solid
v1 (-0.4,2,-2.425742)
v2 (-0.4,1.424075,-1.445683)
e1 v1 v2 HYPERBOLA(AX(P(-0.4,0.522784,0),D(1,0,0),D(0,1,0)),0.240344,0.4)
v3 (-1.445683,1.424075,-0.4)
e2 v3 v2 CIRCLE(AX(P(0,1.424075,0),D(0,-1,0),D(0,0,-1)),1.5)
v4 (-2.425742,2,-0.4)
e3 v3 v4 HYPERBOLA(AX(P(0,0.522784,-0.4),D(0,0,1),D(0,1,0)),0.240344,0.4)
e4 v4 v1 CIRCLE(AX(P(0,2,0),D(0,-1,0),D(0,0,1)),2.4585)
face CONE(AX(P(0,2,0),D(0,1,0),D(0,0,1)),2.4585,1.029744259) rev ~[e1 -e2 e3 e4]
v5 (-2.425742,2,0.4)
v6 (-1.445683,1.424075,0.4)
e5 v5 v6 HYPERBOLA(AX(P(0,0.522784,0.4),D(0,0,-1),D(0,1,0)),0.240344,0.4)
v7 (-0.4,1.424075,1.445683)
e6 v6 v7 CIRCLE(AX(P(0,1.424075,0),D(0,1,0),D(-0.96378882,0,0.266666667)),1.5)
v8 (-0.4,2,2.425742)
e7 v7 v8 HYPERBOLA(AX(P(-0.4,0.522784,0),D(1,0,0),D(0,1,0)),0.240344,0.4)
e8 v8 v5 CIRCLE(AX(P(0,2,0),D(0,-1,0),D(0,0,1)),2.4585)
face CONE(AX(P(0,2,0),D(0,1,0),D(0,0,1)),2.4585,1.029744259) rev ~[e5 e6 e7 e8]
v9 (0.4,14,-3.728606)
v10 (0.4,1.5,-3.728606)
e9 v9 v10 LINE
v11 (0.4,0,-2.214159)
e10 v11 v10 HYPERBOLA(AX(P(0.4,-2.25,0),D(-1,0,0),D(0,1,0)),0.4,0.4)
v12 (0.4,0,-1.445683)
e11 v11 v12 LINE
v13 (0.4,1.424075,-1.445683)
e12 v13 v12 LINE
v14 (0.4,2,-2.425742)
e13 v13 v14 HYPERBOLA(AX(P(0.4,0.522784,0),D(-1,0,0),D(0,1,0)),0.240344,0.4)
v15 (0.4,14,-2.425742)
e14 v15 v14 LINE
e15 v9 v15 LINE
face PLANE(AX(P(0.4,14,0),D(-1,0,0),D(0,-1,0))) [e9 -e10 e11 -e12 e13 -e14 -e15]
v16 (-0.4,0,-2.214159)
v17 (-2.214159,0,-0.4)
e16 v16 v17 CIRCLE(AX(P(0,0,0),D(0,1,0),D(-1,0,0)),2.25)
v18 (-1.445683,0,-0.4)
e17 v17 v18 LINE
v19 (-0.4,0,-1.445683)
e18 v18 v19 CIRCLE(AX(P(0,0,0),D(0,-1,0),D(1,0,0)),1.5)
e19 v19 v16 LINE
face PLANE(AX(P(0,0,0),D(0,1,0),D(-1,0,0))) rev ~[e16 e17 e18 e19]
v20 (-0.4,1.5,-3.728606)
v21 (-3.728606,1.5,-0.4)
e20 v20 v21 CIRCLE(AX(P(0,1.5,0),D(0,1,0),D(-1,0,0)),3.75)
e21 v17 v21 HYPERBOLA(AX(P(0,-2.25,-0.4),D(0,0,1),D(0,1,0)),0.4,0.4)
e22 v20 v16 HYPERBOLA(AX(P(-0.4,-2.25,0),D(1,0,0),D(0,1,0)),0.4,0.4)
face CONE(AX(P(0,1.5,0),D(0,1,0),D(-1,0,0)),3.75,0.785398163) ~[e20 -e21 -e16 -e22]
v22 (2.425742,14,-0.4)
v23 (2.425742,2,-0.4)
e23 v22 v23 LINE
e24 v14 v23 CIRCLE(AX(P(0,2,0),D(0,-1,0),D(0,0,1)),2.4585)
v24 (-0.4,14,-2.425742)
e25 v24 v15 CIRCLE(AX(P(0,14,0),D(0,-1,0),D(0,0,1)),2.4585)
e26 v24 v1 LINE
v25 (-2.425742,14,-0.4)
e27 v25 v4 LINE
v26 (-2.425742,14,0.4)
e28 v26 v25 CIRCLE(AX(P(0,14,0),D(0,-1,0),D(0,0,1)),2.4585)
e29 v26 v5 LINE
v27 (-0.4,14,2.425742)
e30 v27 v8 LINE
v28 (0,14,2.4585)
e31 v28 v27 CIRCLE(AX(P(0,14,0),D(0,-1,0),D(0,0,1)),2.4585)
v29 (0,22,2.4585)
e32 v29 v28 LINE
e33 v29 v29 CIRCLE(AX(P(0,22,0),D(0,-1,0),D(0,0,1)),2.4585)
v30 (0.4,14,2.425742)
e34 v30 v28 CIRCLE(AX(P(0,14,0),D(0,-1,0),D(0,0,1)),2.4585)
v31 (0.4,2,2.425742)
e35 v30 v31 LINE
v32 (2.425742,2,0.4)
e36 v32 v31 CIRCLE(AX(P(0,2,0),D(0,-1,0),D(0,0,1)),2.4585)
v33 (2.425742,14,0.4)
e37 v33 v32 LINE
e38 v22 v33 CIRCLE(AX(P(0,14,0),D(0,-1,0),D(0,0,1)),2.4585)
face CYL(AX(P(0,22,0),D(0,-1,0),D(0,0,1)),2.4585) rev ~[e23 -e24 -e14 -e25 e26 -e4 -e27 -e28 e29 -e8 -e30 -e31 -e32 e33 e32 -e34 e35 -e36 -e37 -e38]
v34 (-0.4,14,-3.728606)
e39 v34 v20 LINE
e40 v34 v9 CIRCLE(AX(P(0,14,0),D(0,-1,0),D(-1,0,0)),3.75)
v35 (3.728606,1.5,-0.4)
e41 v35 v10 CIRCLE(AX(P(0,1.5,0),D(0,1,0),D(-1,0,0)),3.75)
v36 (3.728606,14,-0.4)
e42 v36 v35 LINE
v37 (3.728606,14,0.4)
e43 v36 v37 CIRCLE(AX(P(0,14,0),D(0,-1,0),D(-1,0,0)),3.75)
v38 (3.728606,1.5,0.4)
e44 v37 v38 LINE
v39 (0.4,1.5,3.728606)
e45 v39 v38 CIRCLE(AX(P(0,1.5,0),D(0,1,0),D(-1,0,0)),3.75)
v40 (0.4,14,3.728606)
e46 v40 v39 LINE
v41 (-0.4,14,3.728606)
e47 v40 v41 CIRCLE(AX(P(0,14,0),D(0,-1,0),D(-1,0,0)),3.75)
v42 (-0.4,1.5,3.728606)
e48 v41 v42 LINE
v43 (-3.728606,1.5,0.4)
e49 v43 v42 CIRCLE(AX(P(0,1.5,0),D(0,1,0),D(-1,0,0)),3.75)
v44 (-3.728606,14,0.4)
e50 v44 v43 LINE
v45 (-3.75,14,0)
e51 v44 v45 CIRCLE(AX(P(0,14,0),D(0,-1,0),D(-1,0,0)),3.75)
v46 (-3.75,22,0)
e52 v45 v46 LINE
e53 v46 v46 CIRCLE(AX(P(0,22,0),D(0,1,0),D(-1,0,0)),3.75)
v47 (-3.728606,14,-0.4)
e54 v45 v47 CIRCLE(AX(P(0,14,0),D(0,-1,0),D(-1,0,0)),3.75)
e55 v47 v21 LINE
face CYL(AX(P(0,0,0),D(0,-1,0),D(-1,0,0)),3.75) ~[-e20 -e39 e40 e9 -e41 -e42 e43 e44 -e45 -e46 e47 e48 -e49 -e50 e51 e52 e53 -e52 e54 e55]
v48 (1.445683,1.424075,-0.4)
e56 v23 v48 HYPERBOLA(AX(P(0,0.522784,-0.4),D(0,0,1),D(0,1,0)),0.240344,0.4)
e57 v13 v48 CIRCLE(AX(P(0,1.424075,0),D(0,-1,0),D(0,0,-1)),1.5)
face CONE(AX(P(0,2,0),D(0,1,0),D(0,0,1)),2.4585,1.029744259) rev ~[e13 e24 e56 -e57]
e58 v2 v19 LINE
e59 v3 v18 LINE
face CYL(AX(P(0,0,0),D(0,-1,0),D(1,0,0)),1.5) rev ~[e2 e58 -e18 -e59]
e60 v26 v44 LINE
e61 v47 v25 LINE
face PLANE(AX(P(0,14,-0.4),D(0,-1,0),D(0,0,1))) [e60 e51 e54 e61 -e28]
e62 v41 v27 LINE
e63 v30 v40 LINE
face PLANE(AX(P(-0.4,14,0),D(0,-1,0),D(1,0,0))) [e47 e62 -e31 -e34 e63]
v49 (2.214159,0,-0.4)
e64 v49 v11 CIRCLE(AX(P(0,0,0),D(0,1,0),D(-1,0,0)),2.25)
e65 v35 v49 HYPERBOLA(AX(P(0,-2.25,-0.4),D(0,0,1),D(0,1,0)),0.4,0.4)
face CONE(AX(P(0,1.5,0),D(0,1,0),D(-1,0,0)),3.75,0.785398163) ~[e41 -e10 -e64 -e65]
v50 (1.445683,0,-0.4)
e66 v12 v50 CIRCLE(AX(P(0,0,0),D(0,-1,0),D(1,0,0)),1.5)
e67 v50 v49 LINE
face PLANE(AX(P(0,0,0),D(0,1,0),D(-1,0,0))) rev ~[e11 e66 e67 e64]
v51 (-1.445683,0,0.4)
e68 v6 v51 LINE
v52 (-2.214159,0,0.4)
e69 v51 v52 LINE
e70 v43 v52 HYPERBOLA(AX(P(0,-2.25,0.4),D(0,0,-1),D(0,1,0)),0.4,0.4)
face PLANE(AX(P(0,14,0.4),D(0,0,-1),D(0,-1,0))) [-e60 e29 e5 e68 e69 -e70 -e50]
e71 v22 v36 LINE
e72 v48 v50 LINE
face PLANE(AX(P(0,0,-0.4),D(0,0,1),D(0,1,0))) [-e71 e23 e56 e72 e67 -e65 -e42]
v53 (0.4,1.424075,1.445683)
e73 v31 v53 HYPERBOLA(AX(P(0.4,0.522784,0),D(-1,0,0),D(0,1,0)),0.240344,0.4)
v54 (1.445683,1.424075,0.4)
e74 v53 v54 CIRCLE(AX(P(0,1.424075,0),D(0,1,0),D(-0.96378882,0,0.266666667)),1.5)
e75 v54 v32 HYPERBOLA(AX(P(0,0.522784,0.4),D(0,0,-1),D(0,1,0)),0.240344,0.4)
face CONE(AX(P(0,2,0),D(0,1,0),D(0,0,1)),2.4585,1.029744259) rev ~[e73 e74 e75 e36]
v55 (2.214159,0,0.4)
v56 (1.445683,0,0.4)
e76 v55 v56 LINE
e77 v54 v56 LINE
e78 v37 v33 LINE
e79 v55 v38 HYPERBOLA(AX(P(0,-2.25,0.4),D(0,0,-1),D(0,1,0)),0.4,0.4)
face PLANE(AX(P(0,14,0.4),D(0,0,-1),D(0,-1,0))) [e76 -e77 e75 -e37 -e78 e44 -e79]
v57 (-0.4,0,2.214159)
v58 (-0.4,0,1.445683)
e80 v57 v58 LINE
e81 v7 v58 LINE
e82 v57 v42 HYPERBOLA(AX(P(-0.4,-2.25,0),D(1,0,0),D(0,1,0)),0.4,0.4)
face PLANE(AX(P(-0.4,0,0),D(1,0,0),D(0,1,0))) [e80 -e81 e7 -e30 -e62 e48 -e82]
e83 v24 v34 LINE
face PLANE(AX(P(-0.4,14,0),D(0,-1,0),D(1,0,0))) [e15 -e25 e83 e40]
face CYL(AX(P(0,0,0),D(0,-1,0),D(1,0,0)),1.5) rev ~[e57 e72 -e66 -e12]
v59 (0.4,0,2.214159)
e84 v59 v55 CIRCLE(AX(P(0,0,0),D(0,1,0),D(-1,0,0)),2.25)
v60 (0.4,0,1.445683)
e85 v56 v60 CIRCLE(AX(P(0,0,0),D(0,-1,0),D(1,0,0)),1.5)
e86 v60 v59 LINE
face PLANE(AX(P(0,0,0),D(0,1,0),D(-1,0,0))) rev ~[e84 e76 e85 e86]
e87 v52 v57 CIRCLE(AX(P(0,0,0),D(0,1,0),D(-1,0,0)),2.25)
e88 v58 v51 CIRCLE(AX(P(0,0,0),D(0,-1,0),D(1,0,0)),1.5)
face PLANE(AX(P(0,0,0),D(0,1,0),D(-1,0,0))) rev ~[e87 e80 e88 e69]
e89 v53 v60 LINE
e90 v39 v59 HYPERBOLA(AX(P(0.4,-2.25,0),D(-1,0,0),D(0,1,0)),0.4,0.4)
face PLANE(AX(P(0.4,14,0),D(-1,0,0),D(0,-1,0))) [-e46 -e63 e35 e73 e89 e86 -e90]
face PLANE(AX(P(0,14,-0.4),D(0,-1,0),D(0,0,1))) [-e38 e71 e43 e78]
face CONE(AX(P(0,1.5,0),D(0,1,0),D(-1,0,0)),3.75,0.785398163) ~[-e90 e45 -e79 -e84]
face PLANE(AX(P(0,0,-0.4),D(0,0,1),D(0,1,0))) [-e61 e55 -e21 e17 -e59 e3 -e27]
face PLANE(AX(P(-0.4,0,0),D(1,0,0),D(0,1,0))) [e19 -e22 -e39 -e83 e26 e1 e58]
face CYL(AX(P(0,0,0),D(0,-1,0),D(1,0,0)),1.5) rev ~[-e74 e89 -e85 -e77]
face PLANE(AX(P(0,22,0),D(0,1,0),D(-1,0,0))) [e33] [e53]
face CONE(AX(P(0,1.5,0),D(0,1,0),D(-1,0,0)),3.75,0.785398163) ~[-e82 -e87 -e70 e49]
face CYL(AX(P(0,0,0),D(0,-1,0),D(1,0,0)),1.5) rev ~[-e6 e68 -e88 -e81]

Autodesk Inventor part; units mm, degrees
ref_plane "YZ Plane" through (0, 0, 0) normal (1, 0, 0) x (0, 1, 0)
ref_plane "XZ Plane" through (0, 0, 0) normal (0, 1, 0) x (-1, 0, 0)
ref_plane "XY Plane" through (0, 0, 0) normal (0, 0, 1) x (1, 0, 0)
sketch "Sketch1" plane through (0, 0, 0) normal (0, 1, 0) x (-1, 0, 0)
  circle A0 centre (0, 0) radius 3.75
  dimension "d0" = 7.5
extrude "Extrusion1" add sketch "Sketch1" along normal blind 22
sketch "Sketch2" plane through (0, 22, 0) normal (0, 1, 0) x (1, 0, 0)
  circle A0 centre (0, 0) radius 3.75 projected
hole "Hole1" at (0, 22, 0) direction (0, -1, 0) diameter 4.917 depth 20 tip angle 118 thread size "M6x1" class "6H" standard "ISO Metric profile"
chamfer "Chamfer1" distance 1.5 angle 45 1 edges at (3.75, 0, 0)
sketch "Sketch4" plane through (0, 0, 0) normal (1, 0, 0) x (0, 1, 0)
  line L0 (0, -2.25) -> (0, 2.25) projected
  line L1 (0, -0.4) -> (14, -0.4)
  line L2 (14, -0.4) -> (14, 0.4)
  line L3 (14, 0.4) -> (0, 0.4)
  line L4 (0, 0.4) -> (0, -0.4)
  point P0 (0, 0)
  point P1 (0, 0.4)
  dimension "d19" = 0.8
  dimension "d20" = 0.4
  dimension "d21" = 14
sketch "Sketch5" plane through (0, 0, 0) normal (0, -1, 0) x (1, 0, 0)
  circle A0 centre (0, 0) radius 1.5
  dimension "d16" = 3
extrude "Extrusion3" cut sketch "Sketch5" against normal through all
extrude "Extrusion4" cut sketch "Sketch4" along normal through all both and the other way through all
pattern_circular "Circular Pattern1" count 4 over 360 about axis through (0, 0, 0) along (0, 1, 0) of "Extrusion4"
equation "\"d20\" = 0.5 * d19"
properties part number "clamping_insert"
